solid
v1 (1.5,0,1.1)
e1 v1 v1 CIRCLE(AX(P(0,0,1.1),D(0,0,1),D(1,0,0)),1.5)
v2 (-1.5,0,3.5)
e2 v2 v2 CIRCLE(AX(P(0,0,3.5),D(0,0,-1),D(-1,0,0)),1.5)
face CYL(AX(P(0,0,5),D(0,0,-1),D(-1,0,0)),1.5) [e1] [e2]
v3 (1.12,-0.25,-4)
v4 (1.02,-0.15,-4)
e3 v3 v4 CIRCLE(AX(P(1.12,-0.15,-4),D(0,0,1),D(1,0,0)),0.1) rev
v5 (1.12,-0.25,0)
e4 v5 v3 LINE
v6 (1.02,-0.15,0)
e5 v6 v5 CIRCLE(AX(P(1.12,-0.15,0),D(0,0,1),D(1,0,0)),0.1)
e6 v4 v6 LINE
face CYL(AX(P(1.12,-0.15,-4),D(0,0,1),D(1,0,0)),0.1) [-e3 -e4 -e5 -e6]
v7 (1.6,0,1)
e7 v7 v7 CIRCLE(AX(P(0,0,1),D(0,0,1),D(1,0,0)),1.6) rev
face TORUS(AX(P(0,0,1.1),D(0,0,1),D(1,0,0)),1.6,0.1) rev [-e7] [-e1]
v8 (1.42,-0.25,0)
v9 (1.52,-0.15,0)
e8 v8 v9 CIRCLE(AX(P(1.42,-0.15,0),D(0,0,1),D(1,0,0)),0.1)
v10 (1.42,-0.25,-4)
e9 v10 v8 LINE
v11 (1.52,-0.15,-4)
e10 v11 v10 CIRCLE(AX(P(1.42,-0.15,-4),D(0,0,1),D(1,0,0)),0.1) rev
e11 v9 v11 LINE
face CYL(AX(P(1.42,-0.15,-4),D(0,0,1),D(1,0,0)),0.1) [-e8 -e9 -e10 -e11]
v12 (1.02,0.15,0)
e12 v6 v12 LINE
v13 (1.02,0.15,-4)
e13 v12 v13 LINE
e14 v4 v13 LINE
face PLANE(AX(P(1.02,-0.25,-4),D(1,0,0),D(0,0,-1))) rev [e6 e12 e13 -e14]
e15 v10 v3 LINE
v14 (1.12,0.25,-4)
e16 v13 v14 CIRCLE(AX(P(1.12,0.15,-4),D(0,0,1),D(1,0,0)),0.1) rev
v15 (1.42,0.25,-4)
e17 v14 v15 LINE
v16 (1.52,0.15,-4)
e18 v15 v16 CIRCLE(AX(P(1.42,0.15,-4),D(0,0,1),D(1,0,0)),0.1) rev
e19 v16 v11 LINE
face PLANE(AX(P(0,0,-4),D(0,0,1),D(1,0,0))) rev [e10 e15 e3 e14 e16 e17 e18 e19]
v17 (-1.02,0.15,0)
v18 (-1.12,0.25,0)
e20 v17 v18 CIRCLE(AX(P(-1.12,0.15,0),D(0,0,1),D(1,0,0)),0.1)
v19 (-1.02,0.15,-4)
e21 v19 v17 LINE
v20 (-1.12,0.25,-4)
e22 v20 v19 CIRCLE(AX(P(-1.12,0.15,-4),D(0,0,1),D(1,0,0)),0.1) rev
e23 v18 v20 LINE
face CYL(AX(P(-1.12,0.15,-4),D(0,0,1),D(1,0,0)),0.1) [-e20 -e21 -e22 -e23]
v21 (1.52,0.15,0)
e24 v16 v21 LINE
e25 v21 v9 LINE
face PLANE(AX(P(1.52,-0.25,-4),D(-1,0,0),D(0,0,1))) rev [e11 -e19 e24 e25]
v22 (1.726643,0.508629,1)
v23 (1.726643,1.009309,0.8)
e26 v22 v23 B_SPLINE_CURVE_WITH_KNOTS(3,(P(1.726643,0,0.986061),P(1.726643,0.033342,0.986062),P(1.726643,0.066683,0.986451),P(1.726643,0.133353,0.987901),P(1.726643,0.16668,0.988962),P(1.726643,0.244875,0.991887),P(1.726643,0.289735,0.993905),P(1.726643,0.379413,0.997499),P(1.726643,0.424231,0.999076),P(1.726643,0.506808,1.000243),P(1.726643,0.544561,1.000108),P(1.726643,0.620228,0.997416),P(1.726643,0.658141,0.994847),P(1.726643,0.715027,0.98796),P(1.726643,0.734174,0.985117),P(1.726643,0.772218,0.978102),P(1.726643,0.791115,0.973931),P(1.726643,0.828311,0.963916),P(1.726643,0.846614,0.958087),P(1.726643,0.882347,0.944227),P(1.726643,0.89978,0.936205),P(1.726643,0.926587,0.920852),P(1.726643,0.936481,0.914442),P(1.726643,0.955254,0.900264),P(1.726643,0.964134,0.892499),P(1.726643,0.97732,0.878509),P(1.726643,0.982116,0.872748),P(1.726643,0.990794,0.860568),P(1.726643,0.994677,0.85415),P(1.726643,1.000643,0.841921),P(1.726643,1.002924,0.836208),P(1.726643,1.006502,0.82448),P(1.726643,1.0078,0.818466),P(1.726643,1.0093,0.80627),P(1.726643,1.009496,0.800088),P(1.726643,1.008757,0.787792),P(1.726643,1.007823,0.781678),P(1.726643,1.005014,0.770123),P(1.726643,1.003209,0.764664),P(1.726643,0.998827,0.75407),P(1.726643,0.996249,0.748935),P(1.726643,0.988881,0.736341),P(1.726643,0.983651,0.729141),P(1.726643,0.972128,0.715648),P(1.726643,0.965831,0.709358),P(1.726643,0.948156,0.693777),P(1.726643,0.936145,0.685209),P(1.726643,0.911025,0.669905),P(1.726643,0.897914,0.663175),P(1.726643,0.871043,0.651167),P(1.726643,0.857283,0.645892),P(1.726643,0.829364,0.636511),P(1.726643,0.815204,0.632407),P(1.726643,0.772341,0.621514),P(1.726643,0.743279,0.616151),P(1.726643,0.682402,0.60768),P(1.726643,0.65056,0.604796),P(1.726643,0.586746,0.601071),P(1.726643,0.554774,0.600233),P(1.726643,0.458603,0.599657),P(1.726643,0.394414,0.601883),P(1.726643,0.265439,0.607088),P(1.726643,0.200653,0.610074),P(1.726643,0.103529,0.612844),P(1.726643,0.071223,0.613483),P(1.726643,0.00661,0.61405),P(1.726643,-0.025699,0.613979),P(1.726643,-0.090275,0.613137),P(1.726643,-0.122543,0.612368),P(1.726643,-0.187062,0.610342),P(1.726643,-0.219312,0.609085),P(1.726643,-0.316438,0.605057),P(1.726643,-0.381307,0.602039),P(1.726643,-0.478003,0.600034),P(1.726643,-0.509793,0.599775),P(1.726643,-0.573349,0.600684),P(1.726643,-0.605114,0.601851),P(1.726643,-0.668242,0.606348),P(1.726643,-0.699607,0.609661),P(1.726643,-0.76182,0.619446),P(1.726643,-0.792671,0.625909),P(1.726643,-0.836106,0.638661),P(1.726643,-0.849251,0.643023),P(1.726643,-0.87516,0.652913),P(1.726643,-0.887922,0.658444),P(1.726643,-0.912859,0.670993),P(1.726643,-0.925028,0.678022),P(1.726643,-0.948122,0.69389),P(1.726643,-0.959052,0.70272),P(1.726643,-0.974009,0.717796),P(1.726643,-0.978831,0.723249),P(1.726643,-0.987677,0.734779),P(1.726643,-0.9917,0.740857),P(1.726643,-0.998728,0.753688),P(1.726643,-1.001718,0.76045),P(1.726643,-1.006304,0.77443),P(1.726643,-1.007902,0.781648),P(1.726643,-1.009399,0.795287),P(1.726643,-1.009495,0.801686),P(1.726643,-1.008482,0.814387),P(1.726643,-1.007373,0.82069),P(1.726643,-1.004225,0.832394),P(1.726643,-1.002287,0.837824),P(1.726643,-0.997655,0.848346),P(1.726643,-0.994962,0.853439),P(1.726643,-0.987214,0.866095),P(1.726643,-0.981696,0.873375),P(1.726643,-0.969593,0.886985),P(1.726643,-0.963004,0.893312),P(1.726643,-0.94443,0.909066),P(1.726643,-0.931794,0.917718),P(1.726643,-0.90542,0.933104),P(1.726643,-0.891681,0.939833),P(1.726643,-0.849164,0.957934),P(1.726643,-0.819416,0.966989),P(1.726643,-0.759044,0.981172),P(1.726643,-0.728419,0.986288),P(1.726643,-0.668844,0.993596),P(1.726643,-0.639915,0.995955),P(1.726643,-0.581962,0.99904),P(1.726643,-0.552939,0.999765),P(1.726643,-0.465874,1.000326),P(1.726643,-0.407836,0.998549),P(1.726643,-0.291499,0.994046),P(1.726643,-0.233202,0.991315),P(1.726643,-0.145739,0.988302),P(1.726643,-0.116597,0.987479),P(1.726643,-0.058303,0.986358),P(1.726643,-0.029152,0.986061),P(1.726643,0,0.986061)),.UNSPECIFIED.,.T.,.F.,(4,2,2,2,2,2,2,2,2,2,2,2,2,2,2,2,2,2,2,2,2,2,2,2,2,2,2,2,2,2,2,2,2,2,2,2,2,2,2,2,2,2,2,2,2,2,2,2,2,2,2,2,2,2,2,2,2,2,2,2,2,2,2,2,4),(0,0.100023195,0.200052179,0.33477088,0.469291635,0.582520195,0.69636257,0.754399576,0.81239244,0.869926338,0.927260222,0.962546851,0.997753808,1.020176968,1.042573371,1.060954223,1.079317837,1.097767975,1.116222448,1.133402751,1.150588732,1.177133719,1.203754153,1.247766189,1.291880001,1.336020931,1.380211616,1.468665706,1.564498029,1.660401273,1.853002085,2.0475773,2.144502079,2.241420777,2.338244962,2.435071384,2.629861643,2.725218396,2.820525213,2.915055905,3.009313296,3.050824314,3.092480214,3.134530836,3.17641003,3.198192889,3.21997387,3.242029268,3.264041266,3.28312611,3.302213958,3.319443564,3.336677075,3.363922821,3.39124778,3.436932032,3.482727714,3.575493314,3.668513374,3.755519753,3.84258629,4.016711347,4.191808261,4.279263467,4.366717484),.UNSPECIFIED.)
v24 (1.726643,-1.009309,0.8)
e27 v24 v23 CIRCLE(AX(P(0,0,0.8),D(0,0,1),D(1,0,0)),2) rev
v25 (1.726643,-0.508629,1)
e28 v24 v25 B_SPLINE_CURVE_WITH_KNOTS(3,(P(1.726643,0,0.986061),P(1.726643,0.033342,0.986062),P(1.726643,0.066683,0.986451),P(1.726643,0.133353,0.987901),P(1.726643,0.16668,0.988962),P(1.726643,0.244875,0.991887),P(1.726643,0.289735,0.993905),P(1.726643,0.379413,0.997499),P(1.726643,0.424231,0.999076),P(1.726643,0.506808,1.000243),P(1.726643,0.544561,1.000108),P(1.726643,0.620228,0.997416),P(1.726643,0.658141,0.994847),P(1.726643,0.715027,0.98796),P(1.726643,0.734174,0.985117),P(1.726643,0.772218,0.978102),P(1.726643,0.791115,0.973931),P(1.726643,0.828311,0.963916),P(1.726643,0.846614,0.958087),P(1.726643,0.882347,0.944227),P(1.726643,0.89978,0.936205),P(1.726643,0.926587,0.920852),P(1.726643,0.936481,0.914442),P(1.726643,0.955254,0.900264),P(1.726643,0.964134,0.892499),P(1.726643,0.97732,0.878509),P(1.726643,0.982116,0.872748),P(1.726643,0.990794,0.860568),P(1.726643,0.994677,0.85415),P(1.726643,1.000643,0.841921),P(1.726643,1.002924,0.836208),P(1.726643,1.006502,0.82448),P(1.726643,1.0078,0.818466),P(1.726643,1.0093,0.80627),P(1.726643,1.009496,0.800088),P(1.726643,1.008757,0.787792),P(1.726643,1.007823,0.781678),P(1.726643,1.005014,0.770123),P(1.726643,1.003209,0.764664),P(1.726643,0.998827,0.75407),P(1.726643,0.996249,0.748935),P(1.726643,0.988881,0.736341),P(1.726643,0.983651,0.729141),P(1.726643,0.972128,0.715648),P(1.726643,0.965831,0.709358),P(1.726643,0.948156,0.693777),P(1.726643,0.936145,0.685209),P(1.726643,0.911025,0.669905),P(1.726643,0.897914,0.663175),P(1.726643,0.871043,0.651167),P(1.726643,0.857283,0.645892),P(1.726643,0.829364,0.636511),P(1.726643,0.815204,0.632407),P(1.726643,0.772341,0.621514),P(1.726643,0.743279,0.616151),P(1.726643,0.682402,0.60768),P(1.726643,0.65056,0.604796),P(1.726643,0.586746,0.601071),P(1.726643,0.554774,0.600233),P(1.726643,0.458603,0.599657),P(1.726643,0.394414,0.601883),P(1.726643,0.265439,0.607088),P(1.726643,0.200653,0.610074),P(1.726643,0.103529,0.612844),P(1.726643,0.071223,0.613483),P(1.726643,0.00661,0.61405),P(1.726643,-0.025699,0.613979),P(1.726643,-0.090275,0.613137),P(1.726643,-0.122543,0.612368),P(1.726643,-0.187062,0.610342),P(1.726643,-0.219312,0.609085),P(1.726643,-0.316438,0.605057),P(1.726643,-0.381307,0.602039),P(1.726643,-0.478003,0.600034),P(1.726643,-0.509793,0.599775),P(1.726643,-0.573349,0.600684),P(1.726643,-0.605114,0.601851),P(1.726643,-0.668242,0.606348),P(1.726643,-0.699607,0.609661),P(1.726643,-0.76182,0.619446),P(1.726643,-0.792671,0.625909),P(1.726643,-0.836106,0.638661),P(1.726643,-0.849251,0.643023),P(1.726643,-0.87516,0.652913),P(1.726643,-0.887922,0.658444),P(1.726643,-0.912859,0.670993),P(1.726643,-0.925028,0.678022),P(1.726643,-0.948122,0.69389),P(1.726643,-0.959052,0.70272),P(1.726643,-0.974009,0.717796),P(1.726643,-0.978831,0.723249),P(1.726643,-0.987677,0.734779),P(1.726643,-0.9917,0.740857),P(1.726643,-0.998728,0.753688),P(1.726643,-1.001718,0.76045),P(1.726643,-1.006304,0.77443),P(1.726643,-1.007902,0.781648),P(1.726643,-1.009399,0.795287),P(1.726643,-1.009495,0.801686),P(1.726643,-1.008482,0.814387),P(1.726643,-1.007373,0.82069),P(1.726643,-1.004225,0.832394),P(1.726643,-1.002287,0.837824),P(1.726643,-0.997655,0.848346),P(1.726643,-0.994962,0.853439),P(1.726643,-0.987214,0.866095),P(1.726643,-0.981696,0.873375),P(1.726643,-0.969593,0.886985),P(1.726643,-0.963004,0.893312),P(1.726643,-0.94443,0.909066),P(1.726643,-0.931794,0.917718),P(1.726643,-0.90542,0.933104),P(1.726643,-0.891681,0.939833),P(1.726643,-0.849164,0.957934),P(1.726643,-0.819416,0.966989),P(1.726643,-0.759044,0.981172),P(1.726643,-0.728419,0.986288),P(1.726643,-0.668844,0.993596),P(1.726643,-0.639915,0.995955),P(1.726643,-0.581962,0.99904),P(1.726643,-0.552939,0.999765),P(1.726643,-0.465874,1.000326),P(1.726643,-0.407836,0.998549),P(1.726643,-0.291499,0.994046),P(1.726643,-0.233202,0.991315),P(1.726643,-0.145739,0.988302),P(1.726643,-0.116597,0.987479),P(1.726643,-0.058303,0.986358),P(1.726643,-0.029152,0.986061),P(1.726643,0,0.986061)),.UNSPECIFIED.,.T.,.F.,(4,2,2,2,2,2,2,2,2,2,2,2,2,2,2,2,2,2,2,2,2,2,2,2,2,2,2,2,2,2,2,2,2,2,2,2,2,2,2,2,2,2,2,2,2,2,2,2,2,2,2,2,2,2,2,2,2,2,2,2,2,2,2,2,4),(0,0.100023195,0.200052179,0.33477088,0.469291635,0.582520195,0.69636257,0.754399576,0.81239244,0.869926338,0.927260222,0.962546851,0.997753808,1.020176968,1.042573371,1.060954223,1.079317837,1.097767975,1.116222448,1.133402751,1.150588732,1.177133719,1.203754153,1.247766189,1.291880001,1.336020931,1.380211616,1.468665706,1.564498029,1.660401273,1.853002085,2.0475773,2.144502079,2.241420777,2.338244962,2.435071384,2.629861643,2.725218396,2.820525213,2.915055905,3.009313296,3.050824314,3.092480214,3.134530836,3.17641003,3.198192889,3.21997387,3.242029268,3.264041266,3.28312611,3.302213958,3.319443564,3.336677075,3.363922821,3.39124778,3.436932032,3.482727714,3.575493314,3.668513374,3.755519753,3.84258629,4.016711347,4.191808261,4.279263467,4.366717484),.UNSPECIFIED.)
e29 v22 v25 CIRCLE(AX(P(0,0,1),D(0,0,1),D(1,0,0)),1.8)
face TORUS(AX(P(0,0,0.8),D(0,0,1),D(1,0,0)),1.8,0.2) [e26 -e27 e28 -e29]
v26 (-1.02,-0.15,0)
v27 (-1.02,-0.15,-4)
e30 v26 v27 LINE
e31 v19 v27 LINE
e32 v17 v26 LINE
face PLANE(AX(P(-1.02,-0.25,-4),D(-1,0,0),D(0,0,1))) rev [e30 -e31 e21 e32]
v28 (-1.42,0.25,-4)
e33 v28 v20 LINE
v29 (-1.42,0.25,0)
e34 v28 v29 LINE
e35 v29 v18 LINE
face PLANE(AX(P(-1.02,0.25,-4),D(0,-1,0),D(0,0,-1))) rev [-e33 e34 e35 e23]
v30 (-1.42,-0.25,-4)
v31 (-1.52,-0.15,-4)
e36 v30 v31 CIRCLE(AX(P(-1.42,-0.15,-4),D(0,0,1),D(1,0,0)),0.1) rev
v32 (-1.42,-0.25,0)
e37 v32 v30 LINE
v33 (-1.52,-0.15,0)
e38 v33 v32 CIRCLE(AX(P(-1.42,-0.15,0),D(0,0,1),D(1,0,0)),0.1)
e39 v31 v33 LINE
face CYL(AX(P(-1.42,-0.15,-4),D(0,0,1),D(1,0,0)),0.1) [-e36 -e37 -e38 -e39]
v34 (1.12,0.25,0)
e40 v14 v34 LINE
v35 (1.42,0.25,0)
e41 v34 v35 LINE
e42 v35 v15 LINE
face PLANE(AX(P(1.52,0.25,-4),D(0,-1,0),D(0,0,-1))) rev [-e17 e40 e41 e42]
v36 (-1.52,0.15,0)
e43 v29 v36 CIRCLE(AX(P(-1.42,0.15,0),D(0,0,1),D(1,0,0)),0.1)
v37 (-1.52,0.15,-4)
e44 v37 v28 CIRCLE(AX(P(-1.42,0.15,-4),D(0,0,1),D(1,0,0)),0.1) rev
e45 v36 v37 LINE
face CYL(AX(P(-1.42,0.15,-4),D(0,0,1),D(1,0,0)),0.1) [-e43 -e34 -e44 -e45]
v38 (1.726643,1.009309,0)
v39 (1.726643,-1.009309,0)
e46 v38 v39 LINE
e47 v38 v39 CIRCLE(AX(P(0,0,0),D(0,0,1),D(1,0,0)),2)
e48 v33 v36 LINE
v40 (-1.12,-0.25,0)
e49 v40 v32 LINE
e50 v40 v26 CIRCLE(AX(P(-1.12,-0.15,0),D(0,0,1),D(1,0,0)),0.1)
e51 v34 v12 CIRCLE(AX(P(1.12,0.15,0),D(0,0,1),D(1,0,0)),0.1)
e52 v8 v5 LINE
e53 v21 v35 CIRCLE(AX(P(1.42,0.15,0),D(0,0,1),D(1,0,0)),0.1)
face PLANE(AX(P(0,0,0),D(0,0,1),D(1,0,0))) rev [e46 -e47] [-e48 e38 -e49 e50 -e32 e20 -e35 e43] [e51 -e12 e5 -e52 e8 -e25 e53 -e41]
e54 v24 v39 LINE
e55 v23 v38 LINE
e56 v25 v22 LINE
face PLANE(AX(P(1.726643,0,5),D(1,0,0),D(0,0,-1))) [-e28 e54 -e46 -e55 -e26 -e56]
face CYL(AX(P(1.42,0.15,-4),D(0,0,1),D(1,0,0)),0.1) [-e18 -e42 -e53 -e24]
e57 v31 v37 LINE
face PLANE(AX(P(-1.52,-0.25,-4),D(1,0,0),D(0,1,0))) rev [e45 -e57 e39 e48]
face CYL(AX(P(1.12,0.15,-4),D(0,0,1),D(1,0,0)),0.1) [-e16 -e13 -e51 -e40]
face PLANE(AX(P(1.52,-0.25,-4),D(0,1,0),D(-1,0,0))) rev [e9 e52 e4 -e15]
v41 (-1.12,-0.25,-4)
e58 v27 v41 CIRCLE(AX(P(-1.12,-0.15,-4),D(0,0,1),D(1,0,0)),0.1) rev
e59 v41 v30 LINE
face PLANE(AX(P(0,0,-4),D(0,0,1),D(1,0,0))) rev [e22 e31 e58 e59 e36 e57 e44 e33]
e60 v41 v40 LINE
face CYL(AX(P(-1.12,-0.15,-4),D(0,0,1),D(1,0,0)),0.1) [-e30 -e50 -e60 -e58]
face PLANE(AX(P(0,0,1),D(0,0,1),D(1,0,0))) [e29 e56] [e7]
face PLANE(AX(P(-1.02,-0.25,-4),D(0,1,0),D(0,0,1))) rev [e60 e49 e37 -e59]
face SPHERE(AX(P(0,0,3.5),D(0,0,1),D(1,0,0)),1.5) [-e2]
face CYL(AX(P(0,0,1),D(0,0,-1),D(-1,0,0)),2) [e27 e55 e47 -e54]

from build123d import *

# Parameters (mm, degrees)
SKETCH1_R           = 2
BOSS_EXTRUDE1_DEPTH = 1
SKETCH2_R           = 1.5
BOSS_EXTRUDE2_DEPTH = 4
FILLET1_R           = 1.5
SKETCH3_W           = 0.5
SKETCH3_H           = 0.5
BOSS_EXTRUDE3_DEPTH = 4
FILLET2_R           = 0.2
FILLET3_R           = 0.1
FILLET4_R           = 0.1
CUT_EXTRUDE1_DEPTH  = 6


with BuildPart() as part:
    # Sketch1 → Boss-Extrude1 (new body)
    with BuildSketch(Plane.XY):
        Circle(SKETCH1_R)
    extrude(amount=BOSS_EXTRUDE1_DEPTH)

    # Sketch2 → Boss-Extrude2 (add)
    with BuildSketch(Plane.XY.offset(1)):
        Circle(SKETCH2_R)
    extrude(amount=BOSS_EXTRUDE2_DEPTH)

    # Fillet1
    fillet1_edges = [part.edges().sort_by_distance(p)[0] for p in [
        (-1.5, 0, 5),
    ]]
    fillet(fillet1_edges, radius=FILLET1_R)

    # Sketch3 → Boss-Extrude3 (add)
    with BuildSketch(Plane(origin=(0, 0, 0), x_dir=(-1, 0, 0), z_dir=(0, 0, -1))):
        with Locations((-1.27, 0)):
            Rectangle(SKETCH3_W, SKETCH3_H)
        with Locations((1.27, 0)):
            Rectangle(SKETCH3_W, SKETCH3_H)
    extrude(amount=BOSS_EXTRUDE3_DEPTH)

    # Fillet2
    fillet2_edges = [part.edges().sort_by_distance(p)[0] for p in [
        (-2, 0, 1),
    ]]
    fillet(fillet2_edges, radius=FILLET2_R)

    # Fillet3
    fillet3_edges = [part.edges().sort_by_distance(p)[0] for p in [
        (-1.5, 0, 1),
    ]]
    fillet(fillet3_edges, radius=FILLET3_R)

    # Fillet4
    fillet4_edges = [part.edges().sort_by_distance(p)[0] for p in [
        (1.02, -0.25, -2),
        (1.02, 0.25, -2),
        (1.52, 0.25, -2),
        (1.52, -0.25, -2),
        (-1.52, -0.25, -2),
        (-1.52, 0.25, -2),
        (-1.02, 0.25, -2),
        (-1.02, -0.25, -2),
    ]]
    fillet(fillet4_edges, radius=FILLET4_R)

    # Sketch5 → Cut-Extrude1 (cut, through all)
    with BuildSketch(Plane(origin=(0, 0, 0), x_dir=(-1, 0, 0), z_dir=(0, 0, -1))):
        with BuildLine():
            Line((-1.726643001, -1.009308647), (-1.726643001, 1.009308647))
            ThreePointArc((-1.726643001, 1.009308647), (-2, 0), (-1.726643001, -1.009308647))
        make_face()
    extrude(amount=-CUT_EXTRUDE1_DEPTH, mode=Mode.SUBTRACT)


solid = part.part
